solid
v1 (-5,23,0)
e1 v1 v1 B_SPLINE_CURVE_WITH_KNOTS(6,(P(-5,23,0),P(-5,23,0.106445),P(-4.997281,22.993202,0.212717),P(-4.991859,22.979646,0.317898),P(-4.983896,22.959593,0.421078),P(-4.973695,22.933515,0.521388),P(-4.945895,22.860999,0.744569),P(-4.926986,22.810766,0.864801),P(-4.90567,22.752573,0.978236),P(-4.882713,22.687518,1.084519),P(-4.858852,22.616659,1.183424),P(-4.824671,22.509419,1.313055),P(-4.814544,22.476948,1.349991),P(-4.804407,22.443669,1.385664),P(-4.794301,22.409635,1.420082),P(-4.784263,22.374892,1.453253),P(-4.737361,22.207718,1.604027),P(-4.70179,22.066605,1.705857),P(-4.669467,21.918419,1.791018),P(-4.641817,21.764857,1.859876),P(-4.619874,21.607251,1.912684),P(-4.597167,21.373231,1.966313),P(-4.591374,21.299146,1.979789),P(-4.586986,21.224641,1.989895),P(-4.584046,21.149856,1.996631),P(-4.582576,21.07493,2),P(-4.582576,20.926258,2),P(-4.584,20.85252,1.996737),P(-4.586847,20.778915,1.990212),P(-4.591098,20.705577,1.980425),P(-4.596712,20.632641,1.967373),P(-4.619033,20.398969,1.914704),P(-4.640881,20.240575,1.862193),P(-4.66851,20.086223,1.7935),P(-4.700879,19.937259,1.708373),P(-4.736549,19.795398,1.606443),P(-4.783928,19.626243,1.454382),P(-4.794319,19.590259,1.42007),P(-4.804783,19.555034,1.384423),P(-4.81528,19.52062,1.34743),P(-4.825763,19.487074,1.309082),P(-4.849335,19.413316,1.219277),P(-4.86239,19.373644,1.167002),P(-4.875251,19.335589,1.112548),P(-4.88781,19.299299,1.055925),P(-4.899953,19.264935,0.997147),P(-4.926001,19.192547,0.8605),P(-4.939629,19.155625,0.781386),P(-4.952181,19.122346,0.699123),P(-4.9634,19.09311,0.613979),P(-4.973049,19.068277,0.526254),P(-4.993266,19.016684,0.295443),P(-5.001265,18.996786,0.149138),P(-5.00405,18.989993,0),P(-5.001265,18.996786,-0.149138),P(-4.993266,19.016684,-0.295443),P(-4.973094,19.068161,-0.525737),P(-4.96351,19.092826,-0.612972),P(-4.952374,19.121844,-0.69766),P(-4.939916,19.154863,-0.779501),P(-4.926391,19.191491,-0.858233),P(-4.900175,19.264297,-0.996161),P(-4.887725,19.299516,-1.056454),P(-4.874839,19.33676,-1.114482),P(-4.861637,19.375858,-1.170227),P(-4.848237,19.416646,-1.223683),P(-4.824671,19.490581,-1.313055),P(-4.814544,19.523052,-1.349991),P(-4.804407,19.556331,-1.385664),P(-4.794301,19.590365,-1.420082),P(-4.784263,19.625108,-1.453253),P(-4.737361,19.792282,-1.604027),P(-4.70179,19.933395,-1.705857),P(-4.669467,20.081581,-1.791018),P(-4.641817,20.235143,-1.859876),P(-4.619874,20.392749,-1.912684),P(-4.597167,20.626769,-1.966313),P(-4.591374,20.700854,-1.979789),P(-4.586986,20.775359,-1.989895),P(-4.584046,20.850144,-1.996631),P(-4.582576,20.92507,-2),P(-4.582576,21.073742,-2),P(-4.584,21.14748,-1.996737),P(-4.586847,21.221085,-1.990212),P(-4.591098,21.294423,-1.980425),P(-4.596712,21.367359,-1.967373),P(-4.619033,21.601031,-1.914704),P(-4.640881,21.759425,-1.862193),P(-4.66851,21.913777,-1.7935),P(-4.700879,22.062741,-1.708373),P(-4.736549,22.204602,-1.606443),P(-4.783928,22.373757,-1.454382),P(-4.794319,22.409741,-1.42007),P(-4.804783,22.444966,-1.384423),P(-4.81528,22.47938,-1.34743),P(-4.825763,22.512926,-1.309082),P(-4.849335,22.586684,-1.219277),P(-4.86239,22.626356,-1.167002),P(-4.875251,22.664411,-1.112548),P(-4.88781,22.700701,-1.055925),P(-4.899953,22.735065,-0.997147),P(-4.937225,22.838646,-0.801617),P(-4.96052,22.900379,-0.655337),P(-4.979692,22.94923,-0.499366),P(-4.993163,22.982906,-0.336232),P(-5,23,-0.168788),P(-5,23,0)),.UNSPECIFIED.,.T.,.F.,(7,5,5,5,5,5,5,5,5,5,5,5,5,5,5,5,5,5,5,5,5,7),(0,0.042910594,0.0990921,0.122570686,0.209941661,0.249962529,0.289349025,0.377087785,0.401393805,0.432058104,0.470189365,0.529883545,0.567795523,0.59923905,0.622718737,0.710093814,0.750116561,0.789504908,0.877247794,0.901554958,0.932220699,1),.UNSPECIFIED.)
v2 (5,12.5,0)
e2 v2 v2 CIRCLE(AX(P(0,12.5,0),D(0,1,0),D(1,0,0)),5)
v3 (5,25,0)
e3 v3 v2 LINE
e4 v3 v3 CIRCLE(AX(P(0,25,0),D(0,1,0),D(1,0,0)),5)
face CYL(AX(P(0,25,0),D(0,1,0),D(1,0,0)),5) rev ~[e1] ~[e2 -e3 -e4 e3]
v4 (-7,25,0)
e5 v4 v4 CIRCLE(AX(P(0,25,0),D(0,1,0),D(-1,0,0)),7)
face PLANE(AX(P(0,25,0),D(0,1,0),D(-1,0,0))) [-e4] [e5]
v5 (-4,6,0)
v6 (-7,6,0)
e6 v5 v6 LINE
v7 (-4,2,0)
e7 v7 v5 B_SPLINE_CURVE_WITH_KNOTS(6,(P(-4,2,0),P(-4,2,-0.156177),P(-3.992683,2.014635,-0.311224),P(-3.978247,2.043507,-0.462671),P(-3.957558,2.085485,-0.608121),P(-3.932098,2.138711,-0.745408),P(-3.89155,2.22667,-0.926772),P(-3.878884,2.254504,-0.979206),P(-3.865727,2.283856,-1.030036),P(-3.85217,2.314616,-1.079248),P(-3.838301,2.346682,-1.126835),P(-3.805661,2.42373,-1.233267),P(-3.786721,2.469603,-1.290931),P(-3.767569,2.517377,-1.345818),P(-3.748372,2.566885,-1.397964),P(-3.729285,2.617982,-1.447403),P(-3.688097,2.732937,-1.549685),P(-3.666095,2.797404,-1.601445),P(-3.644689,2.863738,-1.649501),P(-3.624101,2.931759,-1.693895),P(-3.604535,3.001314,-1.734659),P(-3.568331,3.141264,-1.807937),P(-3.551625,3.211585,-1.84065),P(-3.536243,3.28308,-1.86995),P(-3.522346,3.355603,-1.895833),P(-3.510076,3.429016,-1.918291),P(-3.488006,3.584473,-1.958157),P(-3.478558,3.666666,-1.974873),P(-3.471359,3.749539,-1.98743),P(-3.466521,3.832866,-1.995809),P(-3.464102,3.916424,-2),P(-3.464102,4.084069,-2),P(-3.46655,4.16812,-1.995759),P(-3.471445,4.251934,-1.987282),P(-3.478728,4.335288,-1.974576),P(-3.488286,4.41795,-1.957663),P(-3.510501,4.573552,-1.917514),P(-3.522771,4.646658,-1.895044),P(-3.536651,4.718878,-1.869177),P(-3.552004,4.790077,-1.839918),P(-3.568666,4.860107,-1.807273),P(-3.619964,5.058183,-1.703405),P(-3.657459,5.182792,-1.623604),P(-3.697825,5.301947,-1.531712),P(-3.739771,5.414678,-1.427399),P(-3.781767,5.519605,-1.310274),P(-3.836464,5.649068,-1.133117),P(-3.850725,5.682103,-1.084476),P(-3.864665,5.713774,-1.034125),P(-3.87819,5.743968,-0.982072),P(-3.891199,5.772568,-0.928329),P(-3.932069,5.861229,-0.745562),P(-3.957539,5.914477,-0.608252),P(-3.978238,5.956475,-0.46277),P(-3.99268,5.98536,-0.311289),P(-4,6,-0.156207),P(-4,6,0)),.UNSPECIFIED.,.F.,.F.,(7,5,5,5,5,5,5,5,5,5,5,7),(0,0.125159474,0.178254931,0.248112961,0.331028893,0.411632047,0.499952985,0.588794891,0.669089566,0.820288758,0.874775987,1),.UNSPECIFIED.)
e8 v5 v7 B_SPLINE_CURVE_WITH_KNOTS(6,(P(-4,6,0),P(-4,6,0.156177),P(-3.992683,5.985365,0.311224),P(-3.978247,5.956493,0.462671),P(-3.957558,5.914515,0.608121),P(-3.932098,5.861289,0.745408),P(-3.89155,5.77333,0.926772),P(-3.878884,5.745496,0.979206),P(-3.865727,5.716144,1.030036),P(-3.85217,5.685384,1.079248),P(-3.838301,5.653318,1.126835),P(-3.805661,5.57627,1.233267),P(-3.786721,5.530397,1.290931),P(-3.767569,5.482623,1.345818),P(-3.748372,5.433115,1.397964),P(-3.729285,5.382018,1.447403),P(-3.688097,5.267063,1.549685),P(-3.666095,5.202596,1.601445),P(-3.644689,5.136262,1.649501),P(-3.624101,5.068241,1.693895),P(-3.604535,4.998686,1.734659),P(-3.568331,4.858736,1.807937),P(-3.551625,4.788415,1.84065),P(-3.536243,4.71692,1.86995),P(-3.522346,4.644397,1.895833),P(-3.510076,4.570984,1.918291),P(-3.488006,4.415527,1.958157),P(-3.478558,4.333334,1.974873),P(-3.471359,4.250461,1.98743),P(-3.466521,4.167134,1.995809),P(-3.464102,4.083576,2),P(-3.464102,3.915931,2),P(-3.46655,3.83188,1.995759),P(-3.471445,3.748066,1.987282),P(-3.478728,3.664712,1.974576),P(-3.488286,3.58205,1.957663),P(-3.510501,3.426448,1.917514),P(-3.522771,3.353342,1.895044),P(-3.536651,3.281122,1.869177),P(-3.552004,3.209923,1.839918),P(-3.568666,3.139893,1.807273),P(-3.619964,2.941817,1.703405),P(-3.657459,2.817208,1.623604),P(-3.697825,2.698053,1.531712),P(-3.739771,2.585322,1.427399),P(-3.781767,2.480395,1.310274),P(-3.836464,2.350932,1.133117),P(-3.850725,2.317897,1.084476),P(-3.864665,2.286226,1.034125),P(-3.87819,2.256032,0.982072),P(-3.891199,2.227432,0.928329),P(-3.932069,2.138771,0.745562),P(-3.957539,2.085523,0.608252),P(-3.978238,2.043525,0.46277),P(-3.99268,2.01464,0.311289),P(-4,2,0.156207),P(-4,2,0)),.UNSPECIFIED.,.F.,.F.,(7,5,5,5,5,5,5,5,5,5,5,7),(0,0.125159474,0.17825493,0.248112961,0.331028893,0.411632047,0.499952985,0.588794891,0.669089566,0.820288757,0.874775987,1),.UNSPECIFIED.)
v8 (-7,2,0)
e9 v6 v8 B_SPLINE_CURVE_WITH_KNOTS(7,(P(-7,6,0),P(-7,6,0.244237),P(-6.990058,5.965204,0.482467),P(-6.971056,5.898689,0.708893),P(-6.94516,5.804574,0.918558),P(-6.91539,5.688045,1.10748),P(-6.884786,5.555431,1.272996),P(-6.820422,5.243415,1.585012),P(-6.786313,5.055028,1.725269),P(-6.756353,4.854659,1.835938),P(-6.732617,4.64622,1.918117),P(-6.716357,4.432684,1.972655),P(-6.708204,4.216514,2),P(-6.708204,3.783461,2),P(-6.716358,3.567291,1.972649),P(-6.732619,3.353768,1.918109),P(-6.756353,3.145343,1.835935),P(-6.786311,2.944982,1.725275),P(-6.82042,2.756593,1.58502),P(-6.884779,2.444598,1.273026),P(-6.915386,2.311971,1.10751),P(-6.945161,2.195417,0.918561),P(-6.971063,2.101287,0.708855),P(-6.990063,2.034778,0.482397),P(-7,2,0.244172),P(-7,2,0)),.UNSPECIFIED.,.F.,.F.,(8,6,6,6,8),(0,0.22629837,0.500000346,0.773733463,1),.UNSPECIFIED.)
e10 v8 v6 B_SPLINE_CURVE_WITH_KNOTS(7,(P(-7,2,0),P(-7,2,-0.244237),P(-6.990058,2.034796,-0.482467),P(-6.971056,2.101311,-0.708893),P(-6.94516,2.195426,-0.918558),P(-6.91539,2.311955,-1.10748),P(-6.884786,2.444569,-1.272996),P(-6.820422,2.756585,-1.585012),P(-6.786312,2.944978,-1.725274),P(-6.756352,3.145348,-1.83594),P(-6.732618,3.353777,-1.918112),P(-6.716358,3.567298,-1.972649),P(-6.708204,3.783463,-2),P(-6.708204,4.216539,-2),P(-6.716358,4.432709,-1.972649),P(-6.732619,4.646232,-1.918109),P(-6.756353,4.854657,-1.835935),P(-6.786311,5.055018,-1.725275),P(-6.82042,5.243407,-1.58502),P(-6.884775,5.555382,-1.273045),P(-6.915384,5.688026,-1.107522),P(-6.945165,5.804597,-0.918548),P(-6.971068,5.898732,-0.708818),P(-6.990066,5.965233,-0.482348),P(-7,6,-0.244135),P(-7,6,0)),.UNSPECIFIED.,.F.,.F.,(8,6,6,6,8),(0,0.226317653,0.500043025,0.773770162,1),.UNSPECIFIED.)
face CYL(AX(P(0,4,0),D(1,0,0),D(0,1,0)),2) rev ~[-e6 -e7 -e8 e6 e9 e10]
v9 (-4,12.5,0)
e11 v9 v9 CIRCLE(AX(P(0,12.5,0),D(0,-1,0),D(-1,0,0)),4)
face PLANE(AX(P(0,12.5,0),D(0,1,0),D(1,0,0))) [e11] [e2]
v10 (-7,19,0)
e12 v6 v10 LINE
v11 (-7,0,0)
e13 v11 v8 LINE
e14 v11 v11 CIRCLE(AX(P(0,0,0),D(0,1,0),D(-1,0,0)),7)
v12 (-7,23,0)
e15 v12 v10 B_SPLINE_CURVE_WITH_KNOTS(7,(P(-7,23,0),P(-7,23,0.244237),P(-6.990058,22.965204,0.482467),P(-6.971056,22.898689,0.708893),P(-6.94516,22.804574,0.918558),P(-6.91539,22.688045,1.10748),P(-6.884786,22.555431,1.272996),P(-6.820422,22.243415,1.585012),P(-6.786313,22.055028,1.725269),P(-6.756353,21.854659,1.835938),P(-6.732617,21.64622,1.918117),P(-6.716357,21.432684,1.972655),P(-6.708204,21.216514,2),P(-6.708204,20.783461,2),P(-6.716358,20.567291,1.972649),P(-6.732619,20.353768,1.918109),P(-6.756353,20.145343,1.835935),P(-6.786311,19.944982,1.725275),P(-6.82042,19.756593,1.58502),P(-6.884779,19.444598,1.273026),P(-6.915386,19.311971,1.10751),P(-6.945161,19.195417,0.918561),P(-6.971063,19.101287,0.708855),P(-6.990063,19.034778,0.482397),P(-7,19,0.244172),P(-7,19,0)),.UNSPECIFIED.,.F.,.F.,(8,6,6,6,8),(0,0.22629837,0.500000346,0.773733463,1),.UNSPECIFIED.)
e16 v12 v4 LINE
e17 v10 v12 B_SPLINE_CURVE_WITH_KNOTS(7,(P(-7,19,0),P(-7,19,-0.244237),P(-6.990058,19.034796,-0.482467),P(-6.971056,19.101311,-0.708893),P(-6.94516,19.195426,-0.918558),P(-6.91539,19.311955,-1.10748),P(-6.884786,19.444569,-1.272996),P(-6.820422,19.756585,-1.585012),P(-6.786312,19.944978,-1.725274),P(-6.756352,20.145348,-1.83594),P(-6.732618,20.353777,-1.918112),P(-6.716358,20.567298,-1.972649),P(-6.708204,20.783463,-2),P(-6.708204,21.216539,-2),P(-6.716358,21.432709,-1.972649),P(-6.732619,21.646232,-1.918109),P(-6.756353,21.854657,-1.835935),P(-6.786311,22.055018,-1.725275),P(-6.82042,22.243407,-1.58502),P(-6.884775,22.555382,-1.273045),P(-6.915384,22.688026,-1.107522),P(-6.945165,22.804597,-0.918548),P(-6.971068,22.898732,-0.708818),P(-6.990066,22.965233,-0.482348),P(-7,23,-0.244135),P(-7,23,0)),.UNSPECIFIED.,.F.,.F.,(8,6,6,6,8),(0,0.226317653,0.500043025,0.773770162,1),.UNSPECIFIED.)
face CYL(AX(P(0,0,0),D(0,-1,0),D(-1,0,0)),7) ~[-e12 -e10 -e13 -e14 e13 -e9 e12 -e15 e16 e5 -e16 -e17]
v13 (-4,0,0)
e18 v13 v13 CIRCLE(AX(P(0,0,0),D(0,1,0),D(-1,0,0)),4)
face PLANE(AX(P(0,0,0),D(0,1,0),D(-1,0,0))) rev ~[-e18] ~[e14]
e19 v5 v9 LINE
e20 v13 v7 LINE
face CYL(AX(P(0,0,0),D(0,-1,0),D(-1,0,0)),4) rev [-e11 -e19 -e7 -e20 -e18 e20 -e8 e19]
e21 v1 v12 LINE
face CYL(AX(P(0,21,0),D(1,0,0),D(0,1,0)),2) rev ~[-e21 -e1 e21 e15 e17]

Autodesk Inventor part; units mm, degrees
ref_plane "YZ Plane" through (0, 0, 0) normal (1, 0, 0) x (0, 1, 0)
ref_plane "XZ Plane" through (0, 0, 0) normal (0, 1, 0) x (-1, 0, 0)
ref_plane "XY Plane" through (0, 0, 0) normal (0, 0, 1) x (1, 0, 0)
sketch "Sketch1" plane through (0, 0, 0) normal (0, 1, 0) x (-1, 0, 0)
  circle A0 centre (0, 0) radius 7
  circle A1 centre (0, 0) radius 4
  dimension "d0" = 14
  dimension "d1" = 8
extrude "Extrusion1" add sketch "Sketch1" along normal blind 25
sketch "Sketch2" plane through (0, 25, 0) normal (0, 1, 0) x (1, 0, 0)
  circle A0 centre (0, 0) radius 5
  dimension "d4" = 10
extrude "Extrusion2" cut sketch "Sketch2" against normal blind 12.5
sketch "Sketch3" plane through (0, 0, 0) normal (1, 0, 0) x (0, 1, 0)
  circle A0 centre (4, 0) radius 2
  circle A1 centre (21, 0) radius 2
  line L0 (25, -7) -> (25, 7) projected
  point P0 (0, 0)
  dimension "d7" = 4
  dimension "d8" = 4
  dimension "d9" = 4
  dimension "d10" = 4
extrude "Extrusion3" cut sketch "Sketch3" against normal blind 25
properties part number "Khớp nối cứng"
